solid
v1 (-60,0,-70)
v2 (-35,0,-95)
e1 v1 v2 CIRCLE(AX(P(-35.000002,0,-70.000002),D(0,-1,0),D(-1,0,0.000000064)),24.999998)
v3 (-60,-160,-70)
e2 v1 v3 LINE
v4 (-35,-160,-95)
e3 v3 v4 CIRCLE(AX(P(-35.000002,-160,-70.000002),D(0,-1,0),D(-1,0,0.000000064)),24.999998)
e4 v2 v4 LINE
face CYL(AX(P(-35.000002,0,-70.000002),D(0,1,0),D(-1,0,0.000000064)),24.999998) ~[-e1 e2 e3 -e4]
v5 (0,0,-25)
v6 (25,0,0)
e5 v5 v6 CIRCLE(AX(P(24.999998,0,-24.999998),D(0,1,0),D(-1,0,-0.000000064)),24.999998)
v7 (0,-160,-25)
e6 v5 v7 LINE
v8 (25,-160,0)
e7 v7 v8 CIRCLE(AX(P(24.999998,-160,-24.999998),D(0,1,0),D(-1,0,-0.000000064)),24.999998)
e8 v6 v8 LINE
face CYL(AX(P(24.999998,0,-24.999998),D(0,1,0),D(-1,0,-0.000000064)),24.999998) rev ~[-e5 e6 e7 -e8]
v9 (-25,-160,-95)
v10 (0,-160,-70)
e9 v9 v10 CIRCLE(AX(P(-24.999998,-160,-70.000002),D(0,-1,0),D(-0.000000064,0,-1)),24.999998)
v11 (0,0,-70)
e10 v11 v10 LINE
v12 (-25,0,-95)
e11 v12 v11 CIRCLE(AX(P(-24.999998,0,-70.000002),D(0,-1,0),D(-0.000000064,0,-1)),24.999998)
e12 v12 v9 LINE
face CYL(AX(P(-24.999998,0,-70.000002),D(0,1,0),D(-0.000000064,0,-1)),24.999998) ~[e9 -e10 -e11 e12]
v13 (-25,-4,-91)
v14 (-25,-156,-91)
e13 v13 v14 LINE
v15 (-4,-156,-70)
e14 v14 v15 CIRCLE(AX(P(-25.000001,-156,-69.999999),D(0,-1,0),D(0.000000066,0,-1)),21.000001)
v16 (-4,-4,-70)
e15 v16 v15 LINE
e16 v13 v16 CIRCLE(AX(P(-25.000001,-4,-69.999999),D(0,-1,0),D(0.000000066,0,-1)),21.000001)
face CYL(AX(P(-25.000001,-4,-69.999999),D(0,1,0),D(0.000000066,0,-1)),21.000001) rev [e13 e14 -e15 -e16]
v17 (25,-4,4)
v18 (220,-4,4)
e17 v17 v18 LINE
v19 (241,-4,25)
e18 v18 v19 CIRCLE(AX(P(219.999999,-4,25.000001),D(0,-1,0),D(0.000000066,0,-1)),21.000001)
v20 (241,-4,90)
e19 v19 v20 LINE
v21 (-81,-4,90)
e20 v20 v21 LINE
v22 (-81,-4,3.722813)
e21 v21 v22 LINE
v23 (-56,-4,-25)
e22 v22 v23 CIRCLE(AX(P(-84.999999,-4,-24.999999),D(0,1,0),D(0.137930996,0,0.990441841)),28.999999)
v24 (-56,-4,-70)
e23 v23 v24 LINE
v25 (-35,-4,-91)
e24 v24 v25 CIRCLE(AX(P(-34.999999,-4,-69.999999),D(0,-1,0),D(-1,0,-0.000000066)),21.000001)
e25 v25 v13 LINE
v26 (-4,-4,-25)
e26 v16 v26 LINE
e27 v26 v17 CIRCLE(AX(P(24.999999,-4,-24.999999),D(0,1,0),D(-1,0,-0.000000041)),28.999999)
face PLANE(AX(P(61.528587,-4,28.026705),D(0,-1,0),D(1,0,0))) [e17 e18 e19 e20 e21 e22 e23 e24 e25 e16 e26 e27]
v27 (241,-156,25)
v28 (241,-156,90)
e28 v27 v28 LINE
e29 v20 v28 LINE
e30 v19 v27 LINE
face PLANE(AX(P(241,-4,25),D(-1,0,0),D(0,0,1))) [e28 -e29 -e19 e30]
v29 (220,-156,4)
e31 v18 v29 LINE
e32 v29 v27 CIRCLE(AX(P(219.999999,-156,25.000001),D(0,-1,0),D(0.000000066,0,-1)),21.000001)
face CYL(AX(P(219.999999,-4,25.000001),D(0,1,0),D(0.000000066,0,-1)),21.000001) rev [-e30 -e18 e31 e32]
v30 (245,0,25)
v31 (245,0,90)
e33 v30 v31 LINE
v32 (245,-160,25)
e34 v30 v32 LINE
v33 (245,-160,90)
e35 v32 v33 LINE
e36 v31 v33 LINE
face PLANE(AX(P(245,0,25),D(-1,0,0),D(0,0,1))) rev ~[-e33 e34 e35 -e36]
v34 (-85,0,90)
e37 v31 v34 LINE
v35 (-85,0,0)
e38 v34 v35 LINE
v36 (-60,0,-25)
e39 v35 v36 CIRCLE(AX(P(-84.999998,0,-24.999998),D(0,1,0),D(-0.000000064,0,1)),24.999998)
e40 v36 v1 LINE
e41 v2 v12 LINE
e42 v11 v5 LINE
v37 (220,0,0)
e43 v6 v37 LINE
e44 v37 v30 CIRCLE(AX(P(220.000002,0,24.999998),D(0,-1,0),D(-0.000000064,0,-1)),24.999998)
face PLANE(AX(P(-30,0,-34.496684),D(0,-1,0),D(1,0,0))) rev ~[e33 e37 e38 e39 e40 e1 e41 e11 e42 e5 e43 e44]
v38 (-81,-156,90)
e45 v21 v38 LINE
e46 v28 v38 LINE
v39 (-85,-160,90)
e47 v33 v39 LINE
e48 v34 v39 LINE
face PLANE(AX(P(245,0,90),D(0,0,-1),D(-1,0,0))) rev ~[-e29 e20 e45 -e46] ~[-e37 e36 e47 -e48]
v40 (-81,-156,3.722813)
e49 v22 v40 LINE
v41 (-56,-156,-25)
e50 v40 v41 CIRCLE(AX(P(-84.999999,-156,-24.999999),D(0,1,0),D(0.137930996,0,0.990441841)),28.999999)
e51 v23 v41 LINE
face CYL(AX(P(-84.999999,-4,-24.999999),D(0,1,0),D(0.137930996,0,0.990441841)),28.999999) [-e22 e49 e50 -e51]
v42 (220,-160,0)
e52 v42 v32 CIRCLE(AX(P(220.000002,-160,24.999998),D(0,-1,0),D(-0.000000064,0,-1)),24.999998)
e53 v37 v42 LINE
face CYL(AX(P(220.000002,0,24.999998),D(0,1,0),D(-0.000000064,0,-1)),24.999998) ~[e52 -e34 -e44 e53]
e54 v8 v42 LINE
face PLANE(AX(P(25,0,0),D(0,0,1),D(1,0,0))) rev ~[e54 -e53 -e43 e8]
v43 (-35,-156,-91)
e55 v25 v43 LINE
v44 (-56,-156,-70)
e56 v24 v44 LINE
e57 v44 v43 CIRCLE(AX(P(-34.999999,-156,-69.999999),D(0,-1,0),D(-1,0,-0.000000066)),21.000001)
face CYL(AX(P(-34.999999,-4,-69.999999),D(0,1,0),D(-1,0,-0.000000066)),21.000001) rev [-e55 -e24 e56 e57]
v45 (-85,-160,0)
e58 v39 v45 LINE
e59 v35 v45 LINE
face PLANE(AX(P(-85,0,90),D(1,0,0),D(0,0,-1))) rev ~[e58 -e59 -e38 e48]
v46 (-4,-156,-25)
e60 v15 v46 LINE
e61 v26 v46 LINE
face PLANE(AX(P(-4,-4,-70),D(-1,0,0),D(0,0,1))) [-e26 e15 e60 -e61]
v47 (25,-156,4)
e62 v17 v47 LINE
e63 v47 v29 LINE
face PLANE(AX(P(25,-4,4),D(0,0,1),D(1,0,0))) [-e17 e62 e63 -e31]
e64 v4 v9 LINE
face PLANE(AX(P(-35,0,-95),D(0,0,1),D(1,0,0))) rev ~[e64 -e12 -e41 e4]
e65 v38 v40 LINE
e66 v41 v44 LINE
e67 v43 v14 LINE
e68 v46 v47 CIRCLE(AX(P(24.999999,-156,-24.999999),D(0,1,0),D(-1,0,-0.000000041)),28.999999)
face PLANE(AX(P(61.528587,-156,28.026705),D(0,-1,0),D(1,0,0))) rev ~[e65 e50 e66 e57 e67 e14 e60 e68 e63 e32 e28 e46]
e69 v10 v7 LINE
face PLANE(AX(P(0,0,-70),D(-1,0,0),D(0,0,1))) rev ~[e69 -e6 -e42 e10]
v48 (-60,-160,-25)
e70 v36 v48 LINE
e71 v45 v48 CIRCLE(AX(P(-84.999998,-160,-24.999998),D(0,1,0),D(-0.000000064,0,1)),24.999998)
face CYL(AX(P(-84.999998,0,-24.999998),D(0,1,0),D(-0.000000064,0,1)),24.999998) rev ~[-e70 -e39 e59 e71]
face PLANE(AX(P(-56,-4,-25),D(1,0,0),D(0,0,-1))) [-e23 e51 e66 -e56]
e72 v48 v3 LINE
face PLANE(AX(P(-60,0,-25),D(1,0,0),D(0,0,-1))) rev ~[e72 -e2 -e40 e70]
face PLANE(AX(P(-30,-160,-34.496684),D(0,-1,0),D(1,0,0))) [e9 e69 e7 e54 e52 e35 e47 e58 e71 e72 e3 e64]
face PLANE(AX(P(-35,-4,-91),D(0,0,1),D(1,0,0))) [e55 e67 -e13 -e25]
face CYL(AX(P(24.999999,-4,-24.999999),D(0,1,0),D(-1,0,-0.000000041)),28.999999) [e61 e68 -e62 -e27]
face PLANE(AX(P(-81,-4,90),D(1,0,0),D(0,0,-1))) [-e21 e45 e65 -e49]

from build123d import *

# Parameters (mm, degrees)
F1_DEPTH = 160
F4_DEPTH = 152


with BuildPart() as f1:
    # F0 (on Front) → F1 (new body)
    with BuildSketch(Plane.XZ):
        with BuildLine():
            Line((0, -70), (0, -25))
            ThreePointArc((0, -25), (7.32233, -7.32233), (25, 0))
            Line((25, 0), (-85, 0))
            ThreePointArc((-85, 0), (-67.32233, -7.32233), (-60, -25))
            Line((-60, -25), (-60, -70))
            ThreePointArc((-60, -70), (-52.67767, -87.67767), (-35, -95))
            Line((-35, -95), (-25, -95))
            ThreePointArc((-25, -95), (-7.32233, -87.67767), (0, -70))
        make_face()
        with BuildLine():
            Line((-85, 0), (25, 0))
            Line((25, 0), (220, 0))
            ThreePointArc((220, 0), (237.67767, 7.32233), (245, 25))
            Line((245, 25), (245, 90))
            Line((245, 90), (-85, 90))
            Line((-85, 90), (-85, 0))
        make_face()
    extrude(amount=F1_DEPTH)

    # F3 (on offset) → F4 (cut)
    with BuildSketch(Plane.XZ.offset(4)):
        with BuildLine():
            Line((-35, -91), (-25, -91))
            ThreePointArc((-25, -91), (-10.150758, -84.849242), (-4, -70))
            Line((-4, -70), (-4, -25))
            ThreePointArc((-4, -25), (4.493903, -4.493903), (25, 4))
            Line((25, 4), (220, 4))
            ThreePointArc((220, 4), (234.849242, 10.150758), (241, 25))
            Line((241, 25), (241, 90))
            Line((241, 90), (-81, 90))
            Line((-81, 90), (-81, 3.722813))
            ThreePointArc((-81, 3.722813), (-63.125357, -5.960567), (-56, -25))
            Line((-56, -25), (-56, -70))
            ThreePointArc((-56, -70), (-49.849242, -84.849242), (-35, -91))
        make_face()
    extrude(amount=F4_DEPTH, mode=Mode.SUBTRACT)


solid = f1.part
